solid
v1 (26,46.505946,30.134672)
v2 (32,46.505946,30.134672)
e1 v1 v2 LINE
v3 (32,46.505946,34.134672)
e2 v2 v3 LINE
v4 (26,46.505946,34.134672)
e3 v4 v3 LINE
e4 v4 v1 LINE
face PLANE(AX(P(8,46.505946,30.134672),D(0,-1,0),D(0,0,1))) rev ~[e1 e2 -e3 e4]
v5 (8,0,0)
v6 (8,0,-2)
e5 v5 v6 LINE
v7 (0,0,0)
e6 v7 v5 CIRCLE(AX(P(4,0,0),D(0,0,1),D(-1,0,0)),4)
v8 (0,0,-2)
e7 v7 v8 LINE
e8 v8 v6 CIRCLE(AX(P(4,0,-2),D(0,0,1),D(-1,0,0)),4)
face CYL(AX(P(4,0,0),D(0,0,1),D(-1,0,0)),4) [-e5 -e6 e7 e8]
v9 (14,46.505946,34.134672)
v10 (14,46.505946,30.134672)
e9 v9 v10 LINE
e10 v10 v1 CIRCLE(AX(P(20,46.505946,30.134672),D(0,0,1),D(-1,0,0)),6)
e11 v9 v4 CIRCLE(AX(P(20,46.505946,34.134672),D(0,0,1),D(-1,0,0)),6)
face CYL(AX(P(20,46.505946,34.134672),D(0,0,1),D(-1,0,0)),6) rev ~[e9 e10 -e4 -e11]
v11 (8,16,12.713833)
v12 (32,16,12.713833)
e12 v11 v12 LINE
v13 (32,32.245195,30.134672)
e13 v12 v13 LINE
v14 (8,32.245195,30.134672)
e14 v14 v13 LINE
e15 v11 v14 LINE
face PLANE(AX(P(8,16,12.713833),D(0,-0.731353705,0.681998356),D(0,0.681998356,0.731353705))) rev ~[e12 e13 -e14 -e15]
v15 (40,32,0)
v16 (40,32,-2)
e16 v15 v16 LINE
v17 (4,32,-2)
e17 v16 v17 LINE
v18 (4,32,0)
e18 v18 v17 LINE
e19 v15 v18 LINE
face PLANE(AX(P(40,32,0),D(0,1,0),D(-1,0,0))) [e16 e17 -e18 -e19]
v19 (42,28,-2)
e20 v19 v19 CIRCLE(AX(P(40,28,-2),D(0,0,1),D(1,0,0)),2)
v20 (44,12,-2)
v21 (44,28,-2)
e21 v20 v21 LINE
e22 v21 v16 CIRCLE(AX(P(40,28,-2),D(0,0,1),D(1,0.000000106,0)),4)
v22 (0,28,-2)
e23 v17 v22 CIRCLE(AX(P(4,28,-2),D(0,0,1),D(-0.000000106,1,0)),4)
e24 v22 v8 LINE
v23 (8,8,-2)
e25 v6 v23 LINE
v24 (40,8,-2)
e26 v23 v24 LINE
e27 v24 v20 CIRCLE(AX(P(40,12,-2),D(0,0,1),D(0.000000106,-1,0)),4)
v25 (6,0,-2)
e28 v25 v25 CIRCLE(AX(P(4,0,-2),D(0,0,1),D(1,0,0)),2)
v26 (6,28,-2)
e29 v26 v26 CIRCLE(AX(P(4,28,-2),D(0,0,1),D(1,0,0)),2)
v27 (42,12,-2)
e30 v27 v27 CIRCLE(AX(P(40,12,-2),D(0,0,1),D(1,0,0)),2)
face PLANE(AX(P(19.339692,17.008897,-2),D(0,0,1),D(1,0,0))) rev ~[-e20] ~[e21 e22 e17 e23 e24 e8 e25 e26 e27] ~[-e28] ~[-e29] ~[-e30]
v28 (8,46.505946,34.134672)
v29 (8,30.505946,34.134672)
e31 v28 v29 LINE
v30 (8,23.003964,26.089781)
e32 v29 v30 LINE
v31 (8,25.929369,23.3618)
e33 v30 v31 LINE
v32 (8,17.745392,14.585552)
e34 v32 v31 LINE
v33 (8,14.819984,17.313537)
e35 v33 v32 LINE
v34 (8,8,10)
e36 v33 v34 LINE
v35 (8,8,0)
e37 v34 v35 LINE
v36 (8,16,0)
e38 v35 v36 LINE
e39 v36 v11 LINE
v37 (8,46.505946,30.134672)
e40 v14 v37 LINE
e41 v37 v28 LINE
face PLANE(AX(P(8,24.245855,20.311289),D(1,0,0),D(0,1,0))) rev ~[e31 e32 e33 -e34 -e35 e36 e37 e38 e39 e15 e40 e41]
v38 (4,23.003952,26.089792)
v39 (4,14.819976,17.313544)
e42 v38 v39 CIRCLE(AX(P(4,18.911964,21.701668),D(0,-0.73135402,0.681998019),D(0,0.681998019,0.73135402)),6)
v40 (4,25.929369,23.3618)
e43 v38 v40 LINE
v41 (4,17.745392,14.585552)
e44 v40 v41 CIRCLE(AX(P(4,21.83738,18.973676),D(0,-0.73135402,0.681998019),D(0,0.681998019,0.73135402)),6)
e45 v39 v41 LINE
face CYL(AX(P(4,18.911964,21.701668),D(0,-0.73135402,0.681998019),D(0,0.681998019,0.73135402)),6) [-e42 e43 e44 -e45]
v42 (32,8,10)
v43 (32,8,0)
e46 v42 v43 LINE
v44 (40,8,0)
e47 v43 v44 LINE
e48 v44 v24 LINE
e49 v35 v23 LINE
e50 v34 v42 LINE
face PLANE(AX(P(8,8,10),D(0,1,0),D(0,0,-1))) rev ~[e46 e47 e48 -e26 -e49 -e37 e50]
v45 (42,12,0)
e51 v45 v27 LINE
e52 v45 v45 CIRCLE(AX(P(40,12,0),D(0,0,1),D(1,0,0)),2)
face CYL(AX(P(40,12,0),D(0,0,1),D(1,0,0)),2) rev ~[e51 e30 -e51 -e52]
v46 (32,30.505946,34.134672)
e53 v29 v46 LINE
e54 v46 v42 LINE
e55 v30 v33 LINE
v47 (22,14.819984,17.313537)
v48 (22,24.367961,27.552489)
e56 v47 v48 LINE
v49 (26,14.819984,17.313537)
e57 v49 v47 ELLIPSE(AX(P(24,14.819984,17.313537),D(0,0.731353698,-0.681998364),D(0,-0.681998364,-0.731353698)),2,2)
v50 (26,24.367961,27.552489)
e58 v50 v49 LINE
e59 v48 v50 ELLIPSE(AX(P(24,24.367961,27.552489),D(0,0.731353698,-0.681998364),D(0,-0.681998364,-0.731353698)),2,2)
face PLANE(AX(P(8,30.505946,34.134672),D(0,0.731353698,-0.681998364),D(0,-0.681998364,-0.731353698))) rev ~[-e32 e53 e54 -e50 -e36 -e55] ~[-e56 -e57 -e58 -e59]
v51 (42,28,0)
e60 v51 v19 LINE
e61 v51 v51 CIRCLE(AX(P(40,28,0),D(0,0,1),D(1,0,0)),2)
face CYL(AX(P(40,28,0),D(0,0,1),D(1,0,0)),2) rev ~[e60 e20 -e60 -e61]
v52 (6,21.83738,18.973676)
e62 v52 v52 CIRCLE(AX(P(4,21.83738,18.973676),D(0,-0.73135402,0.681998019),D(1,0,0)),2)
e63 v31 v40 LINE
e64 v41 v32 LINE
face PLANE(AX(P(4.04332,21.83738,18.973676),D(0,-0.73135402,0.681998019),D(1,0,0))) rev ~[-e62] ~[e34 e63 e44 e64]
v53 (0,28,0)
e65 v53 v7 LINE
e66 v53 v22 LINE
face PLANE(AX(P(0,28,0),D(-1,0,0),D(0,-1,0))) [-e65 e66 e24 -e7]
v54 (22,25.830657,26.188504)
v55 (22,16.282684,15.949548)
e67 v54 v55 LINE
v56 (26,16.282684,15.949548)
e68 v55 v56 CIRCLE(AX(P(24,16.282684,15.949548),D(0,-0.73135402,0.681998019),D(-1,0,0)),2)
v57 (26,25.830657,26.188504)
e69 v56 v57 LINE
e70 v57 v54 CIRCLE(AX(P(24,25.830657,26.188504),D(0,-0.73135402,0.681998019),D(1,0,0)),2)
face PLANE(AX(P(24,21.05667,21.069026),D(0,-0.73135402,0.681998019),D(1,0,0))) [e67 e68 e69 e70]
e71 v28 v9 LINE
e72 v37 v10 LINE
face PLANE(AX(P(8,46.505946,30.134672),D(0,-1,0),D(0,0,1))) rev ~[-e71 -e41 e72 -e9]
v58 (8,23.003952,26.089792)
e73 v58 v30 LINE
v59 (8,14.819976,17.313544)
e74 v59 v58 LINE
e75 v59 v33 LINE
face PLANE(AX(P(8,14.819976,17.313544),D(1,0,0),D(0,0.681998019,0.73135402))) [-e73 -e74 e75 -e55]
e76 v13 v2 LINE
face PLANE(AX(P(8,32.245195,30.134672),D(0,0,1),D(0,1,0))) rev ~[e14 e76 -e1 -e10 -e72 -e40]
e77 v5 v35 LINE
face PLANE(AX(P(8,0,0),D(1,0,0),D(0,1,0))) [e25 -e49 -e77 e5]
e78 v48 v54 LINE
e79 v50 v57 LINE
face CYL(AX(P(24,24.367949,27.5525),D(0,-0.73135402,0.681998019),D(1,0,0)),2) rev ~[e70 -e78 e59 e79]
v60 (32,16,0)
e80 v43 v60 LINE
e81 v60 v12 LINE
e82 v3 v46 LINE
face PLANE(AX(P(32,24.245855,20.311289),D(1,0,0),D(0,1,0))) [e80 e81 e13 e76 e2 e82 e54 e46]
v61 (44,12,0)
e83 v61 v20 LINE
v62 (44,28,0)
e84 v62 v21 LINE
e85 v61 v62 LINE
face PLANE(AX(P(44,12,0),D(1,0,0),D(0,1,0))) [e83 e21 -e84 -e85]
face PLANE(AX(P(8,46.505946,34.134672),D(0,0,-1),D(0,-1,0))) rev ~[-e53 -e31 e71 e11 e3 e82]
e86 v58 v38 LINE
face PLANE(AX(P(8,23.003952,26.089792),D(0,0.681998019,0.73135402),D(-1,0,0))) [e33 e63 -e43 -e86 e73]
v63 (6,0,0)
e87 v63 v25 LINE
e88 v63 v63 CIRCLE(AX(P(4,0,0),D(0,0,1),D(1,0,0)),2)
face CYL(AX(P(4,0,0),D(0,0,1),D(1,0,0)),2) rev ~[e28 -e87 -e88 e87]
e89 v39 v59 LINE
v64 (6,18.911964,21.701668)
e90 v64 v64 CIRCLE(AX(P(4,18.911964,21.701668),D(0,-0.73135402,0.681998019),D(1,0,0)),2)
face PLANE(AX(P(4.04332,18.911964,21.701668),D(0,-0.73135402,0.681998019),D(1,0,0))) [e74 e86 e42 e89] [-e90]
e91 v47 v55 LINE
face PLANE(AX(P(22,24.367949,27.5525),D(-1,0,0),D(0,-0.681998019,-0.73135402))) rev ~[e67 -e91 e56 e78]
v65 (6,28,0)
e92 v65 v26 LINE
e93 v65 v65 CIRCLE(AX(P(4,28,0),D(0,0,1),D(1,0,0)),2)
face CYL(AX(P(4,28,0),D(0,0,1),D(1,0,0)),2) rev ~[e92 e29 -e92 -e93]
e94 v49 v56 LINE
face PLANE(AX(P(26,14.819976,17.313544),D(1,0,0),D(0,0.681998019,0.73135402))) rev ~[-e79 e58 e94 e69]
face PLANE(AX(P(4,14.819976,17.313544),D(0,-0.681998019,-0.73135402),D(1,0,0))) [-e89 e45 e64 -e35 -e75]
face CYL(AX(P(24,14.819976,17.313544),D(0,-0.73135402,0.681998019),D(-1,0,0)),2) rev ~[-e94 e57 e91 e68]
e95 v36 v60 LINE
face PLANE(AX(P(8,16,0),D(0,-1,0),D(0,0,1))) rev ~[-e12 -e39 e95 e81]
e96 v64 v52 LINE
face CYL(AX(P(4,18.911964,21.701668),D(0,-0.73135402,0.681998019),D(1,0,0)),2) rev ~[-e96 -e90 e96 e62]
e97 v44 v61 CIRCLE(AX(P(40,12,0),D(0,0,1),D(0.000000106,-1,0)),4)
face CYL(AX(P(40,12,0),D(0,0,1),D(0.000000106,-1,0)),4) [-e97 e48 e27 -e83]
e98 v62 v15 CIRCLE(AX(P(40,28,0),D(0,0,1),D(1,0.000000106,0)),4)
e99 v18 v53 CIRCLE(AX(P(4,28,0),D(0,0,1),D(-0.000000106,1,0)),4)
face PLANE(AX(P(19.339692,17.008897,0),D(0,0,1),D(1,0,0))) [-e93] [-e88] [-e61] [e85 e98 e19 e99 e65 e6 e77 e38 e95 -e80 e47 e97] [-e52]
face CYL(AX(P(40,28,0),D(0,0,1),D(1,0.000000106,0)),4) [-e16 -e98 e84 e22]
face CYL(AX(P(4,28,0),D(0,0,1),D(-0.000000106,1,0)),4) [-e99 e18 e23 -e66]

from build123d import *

# Parameters (mm, degrees)
F1_DEPTH  = 2
F3_DEPTH  = 24
F4_R      = 2
F5_DEPTH  = 2.001
F6_R      = 2
F7_DEPTH  = 4
F8_DEPTH  = 2
F10_DEPTH = 36.135672


with BuildPart() as f1:
    # F0 (on Top) → F1 (new body)
    with BuildSketch(Plane.XY):
        with BuildLine():
            Line((0, 28), (0, 0))
            ThreePointArc((0, 0), (4, -4), (8, 0))
            Line((8, 0), (8, 8))
            Line((8, 8), (40, 8))
            ThreePointArc((40, 8), (42.828427, 9.171573), (44, 12))
            Line((44, 12), (44, 28))
            ThreePointArc((44, 28), (42.828427, 30.828427), (40, 32))
            Line((40, 32), (4, 32))
            ThreePointArc((4, 32), (1.171573, 30.828427), (0, 28))
        make_face()
    extrude(amount=-F1_DEPTH)

    # F2 (on face) → F3 (join)
    with BuildSketch(Plane.YZ.offset(8)):
        Polygon((8, 10), (8, 0), (16, 0), (16, 12.713833), (32.245195, 30.134672), (46.505946, 30.134672), (46.505946, 34.134672), (30.505946, 34.134672), align=None)
    extrude(amount=F3_DEPTH)

    # F4 (on face) → F5 (cut, through all)
    with BuildSketch(Plane.XY):
        with Locations((40, 12)):
            Circle(F4_R)
        with Locations((40, 28)):
            Circle(F4_R)
        with Locations((4, 0)):
            Circle(F4_R)
        with Locations((4, 28)):
            Circle(F4_R)
    extrude(amount=-F5_DEPTH, mode=Mode.SUBTRACT)

    # F6 (on face) → F7 (join)
    with BuildSketch(Plane(origin=(0, -0.708794, 0.660961), x_dir=(1, 0, 0), z_dir=(0, -0.731354, 0.681998))):
        with BuildLine():
            Line((4, 22.769524), (8, 22.769524))
            Line((8, 22.769524), (8, 34.769524))
            Line((8, 34.769524), (4, 34.769524))
            ThreePointArc((4, 34.769524), (-2, 28.769524), (4, 22.769524))
        make_face()
        with Locations((4, 28.769524)):
            Circle(F6_R, mode=Mode.SUBTRACT)
    extrude(amount=-F7_DEPTH)

    # F6 (on face) → F8 (cut)
    with BuildSketch(Plane(origin=(0, -0.708794, 0.660961), x_dir=(1, 0, 0), z_dir=(0, -0.731354, 0.681998))):
        with BuildLine():
            Line((26, 22.769524), (26, 36.769524))
            ThreePointArc((26, 36.769524), (24, 38.769524), (22, 36.769524))
            Line((22, 36.769524), (22, 22.769524))
            ThreePointArc((22, 22.769524), (24, 20.769524), (26, 22.769524))
        make_face()
    extrude(amount=-F8_DEPTH, mode=Mode.SUBTRACT)

    # F9 (on face) → F10 (cut, through all)
    with BuildSketch(Plane.XY.offset(34.134672)):
        with BuildLine():
            ThreePointArc((14, 46.505946), (20, 40.505946), (26, 46.505946))
            Line((26, 46.505946), (14, 46.505946))
        make_face()
    extrude(amount=-F10_DEPTH, mode=Mode.SUBTRACT)


solid = f1.part
